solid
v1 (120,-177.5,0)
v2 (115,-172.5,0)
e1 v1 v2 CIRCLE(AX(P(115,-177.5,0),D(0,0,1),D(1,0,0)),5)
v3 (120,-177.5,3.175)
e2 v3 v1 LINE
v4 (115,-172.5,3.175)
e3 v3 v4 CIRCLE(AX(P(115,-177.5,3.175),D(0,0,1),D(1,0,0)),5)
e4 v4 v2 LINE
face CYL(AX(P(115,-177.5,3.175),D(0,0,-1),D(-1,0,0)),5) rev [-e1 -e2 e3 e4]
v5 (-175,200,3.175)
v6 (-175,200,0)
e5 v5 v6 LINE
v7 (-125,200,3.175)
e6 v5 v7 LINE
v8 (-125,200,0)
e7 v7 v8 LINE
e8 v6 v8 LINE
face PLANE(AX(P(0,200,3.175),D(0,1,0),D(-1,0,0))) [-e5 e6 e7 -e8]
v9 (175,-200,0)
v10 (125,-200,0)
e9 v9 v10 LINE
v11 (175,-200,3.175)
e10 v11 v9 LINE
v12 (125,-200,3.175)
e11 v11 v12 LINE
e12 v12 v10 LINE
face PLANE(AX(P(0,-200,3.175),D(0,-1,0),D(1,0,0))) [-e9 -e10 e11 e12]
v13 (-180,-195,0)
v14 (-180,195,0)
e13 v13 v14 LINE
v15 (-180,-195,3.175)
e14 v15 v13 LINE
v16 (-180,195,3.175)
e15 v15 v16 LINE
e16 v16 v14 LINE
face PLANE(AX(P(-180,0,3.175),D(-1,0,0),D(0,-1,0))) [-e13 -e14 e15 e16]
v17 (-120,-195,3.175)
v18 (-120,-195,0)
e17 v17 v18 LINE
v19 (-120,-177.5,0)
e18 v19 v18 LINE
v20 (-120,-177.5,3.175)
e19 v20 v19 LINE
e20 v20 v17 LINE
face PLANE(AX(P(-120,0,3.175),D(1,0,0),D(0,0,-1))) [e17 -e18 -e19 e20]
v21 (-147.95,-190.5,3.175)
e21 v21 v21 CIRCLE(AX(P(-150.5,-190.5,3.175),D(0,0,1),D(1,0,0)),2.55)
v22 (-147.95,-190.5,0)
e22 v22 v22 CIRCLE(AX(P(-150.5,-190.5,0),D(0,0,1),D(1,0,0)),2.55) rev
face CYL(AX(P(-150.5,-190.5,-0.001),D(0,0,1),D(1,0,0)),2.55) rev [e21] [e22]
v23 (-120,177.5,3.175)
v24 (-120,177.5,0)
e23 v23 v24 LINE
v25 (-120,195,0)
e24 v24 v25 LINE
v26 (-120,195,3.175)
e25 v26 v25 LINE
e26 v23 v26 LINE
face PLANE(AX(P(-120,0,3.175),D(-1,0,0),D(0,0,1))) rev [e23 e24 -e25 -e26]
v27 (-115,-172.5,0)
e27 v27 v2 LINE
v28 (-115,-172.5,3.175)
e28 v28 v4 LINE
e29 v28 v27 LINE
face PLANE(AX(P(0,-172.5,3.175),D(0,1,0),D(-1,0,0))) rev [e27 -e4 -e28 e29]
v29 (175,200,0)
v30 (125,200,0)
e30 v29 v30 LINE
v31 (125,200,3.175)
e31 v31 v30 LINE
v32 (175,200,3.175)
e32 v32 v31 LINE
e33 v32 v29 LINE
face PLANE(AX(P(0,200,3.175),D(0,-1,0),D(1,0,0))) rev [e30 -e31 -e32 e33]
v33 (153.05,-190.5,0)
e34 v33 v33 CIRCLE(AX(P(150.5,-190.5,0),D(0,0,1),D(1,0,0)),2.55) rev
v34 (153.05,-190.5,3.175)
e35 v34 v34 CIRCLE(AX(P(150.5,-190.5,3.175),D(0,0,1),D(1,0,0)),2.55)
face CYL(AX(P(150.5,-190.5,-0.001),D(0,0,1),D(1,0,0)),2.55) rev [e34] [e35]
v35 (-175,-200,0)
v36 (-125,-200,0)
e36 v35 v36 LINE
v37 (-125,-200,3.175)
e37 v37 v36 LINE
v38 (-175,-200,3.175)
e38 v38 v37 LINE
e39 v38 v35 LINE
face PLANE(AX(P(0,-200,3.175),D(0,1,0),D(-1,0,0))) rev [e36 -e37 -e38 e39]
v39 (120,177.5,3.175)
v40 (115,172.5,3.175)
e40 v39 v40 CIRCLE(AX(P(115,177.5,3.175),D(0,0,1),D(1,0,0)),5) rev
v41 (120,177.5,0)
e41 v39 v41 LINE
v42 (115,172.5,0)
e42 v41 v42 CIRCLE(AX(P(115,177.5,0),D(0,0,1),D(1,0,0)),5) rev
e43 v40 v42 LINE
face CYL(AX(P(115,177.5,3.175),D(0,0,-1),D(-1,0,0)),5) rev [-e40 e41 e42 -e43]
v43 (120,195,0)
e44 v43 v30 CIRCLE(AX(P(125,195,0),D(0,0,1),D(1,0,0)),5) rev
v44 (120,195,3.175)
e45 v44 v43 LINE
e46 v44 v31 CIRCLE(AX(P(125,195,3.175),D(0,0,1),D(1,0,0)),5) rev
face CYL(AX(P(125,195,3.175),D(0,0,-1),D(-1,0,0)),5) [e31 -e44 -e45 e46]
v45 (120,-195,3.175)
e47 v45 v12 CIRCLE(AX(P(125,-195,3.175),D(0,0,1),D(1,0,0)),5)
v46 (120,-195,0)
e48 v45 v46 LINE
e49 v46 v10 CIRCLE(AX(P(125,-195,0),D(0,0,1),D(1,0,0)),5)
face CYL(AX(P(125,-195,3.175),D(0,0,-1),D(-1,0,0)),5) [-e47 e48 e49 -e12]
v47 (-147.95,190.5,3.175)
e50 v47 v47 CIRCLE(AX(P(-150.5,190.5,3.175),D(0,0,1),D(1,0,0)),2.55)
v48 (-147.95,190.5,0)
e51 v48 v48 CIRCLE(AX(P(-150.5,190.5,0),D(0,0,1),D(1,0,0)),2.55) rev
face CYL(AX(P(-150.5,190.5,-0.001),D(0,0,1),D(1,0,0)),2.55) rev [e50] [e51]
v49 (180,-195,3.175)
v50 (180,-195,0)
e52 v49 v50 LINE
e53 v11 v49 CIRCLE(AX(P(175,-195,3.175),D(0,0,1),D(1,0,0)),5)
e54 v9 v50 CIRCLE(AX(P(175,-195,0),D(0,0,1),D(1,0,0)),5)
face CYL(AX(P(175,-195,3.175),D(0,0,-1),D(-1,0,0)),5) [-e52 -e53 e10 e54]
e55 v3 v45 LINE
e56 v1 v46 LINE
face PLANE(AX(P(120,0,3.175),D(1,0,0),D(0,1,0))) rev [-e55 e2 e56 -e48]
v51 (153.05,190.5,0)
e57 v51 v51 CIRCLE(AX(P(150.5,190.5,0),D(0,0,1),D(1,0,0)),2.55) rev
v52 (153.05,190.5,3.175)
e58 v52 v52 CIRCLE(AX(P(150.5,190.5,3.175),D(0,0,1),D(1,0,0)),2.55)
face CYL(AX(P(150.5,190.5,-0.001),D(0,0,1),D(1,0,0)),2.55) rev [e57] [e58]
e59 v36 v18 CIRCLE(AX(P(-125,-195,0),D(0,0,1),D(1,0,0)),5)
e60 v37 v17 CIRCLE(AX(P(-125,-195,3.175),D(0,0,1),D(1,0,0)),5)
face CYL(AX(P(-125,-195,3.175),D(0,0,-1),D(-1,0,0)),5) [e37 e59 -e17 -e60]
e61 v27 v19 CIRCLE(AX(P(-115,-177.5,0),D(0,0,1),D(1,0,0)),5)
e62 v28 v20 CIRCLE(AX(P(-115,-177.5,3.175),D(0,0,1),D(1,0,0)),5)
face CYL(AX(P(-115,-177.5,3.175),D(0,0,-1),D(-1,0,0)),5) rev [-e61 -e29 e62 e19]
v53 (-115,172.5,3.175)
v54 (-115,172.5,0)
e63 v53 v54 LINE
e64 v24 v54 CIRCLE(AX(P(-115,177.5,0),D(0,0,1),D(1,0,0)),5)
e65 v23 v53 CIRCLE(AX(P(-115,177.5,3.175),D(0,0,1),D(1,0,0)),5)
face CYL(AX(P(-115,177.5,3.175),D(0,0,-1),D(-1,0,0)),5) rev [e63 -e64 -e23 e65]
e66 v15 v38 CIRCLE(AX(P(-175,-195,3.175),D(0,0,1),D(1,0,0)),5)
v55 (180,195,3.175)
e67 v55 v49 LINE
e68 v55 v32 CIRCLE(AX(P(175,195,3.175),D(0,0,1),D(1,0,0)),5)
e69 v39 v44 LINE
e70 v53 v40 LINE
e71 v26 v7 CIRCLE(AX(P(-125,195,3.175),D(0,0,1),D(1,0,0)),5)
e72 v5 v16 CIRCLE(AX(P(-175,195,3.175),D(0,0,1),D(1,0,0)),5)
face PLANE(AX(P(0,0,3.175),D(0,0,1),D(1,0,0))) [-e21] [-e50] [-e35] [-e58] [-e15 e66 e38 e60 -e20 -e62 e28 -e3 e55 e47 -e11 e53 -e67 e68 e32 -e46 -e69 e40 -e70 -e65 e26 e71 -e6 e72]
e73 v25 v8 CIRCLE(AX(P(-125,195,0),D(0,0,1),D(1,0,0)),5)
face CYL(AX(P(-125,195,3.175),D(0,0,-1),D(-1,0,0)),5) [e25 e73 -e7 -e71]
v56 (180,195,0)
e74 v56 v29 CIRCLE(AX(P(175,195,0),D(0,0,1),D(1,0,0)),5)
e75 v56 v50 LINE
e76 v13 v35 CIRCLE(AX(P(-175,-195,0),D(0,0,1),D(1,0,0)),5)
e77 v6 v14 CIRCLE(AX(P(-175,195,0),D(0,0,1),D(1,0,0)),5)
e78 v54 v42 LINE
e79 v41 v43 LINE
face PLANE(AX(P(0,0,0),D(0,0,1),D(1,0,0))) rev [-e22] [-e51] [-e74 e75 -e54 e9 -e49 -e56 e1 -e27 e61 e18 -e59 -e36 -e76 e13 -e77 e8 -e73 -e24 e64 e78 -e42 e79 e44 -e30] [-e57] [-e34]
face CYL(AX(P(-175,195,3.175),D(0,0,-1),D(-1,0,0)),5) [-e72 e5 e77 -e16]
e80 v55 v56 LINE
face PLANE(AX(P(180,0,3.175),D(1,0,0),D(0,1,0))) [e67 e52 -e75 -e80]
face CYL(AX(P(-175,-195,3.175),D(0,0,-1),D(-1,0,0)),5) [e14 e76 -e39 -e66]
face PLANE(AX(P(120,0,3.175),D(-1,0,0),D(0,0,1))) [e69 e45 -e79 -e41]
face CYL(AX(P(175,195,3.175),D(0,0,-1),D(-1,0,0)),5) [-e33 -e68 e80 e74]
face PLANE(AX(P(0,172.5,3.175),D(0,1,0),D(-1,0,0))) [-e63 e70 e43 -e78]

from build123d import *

# Parameters (mm, degrees)
BOSS_EXTRUDE1_DEPTH = 3.175
CUT_EXTRUDE1_REACH  = 5.175
SKETCH2_R           = 2.55


with BuildPart() as part:
    # Model → Boss-Extrude1 (new body)
    with BuildSketch(Plane.XY):
        with BuildLine():
            Line((175, 200), (125, 200))
            ThreePointArc((125, 200), (121.464466094, 198.535533906), (120, 195))
            Line((120, 195), (120, 177.5))
            ThreePointArc((120, 177.5), (118.535533906, 173.964466094), (115, 172.5))
            Line((115, 172.5), (-115, 172.5))
            ThreePointArc((-115, 172.5), (-118.535533906, 173.964466094), (-120, 177.5))
            Line((-120, 177.5), (-120, 195))
            ThreePointArc((-120, 195), (-121.464466094, 198.535533906), (-125, 200))
            Line((-125, 200), (-175, 200))
            ThreePointArc((-175, 200), (-178.535533906, 198.535533906), (-180, 195))
            Line((-180, 195), (-180, -195))
            ThreePointArc((-180, -195), (-178.535533906, -198.535533906), (-175, -200))
            Line((-175, -200), (-125, -200))
            ThreePointArc((-125, -200), (-121.464466094, -198.535533906), (-120, -195))
            Line((-120, -195), (-120, -177.5))
            ThreePointArc((-120, -177.5), (-118.535533906, -173.964466094), (-115, -172.5))
            Line((-115, -172.5), (115, -172.5))
            ThreePointArc((115, -172.5), (118.535533906, -173.964466094), (120, -177.5))
            Line((120, -177.5), (120, -195))
            ThreePointArc((120, -195), (121.464466094, -198.535533906), (125, -200))
            Line((125, -200), (175, -200))
            ThreePointArc((175, -200), (178.535533906, -198.535533906), (180, -195))
            Line((180, -195), (180, 195))
            ThreePointArc((180, 195), (178.535533906, 198.535533906), (175, 200))
        make_face()
    extrude(amount=BOSS_EXTRUDE1_DEPTH)

    # Sketch2 → Cut-Extrude1 (cut, up to next)
    with BuildSketch(Plane.XY.offset(3.175), mode=Mode.PRIVATE) as cut_extrude1_sk1:
        with Locations((-150.5, 190.5)):
            Circle(SKETCH2_R)
    cut_extrude1_tool1 = extrude(cut_extrude1_sk1.sketch, amount=-CUT_EXTRUDE1_REACH, mode=Mode.PRIVATE) & part.part
    add(cut_extrude1_tool1.solids().sort_by_distance((-150.5, 190.5, 3.175))[0], mode=Mode.SUBTRACT)
    # Sketch2 → Cut-Extrude1 (cut, up to next)
    with BuildSketch(Plane.XY.offset(3.175), mode=Mode.PRIVATE) as cut_extrude1_sk2:
        with Locations((-150.5, -190.5)):
            Circle(SKETCH2_R)
    cut_extrude1_tool2 = extrude(cut_extrude1_sk2.sketch, amount=-CUT_EXTRUDE1_REACH, mode=Mode.PRIVATE) & part.part
    add(cut_extrude1_tool2.solids().sort_by_distance((-150.5, -190.5, 3.175))[0], mode=Mode.SUBTRACT)
    # Sketch2 → Cut-Extrude1 (cut, up to next)
    with BuildSketch(Plane.XY.offset(3.175), mode=Mode.PRIVATE) as cut_extrude1_sk3:
        with Locations((150.5, -190.5)):
            Circle(SKETCH2_R)
    cut_extrude1_tool3 = extrude(cut_extrude1_sk3.sketch, amount=-CUT_EXTRUDE1_REACH, mode=Mode.PRIVATE) & part.part
    add(cut_extrude1_tool3.solids().sort_by_distance((150.5, -190.5, 3.175))[0], mode=Mode.SUBTRACT)
    # Sketch2 → Cut-Extrude1 (cut, up to next)
    with BuildSketch(Plane.XY.offset(3.175), mode=Mode.PRIVATE) as cut_extrude1_sk4:
        with Locations((150.5, 190.5)):
            Circle(SKETCH2_R)
    cut_extrude1_tool4 = extrude(cut_extrude1_sk4.sketch, amount=-CUT_EXTRUDE1_REACH, mode=Mode.PRIVATE) & part.part
    add(cut_extrude1_tool4.solids().sort_by_distance((150.5, 190.5, 3.175))[0], mode=Mode.SUBTRACT)


solid = part.part
